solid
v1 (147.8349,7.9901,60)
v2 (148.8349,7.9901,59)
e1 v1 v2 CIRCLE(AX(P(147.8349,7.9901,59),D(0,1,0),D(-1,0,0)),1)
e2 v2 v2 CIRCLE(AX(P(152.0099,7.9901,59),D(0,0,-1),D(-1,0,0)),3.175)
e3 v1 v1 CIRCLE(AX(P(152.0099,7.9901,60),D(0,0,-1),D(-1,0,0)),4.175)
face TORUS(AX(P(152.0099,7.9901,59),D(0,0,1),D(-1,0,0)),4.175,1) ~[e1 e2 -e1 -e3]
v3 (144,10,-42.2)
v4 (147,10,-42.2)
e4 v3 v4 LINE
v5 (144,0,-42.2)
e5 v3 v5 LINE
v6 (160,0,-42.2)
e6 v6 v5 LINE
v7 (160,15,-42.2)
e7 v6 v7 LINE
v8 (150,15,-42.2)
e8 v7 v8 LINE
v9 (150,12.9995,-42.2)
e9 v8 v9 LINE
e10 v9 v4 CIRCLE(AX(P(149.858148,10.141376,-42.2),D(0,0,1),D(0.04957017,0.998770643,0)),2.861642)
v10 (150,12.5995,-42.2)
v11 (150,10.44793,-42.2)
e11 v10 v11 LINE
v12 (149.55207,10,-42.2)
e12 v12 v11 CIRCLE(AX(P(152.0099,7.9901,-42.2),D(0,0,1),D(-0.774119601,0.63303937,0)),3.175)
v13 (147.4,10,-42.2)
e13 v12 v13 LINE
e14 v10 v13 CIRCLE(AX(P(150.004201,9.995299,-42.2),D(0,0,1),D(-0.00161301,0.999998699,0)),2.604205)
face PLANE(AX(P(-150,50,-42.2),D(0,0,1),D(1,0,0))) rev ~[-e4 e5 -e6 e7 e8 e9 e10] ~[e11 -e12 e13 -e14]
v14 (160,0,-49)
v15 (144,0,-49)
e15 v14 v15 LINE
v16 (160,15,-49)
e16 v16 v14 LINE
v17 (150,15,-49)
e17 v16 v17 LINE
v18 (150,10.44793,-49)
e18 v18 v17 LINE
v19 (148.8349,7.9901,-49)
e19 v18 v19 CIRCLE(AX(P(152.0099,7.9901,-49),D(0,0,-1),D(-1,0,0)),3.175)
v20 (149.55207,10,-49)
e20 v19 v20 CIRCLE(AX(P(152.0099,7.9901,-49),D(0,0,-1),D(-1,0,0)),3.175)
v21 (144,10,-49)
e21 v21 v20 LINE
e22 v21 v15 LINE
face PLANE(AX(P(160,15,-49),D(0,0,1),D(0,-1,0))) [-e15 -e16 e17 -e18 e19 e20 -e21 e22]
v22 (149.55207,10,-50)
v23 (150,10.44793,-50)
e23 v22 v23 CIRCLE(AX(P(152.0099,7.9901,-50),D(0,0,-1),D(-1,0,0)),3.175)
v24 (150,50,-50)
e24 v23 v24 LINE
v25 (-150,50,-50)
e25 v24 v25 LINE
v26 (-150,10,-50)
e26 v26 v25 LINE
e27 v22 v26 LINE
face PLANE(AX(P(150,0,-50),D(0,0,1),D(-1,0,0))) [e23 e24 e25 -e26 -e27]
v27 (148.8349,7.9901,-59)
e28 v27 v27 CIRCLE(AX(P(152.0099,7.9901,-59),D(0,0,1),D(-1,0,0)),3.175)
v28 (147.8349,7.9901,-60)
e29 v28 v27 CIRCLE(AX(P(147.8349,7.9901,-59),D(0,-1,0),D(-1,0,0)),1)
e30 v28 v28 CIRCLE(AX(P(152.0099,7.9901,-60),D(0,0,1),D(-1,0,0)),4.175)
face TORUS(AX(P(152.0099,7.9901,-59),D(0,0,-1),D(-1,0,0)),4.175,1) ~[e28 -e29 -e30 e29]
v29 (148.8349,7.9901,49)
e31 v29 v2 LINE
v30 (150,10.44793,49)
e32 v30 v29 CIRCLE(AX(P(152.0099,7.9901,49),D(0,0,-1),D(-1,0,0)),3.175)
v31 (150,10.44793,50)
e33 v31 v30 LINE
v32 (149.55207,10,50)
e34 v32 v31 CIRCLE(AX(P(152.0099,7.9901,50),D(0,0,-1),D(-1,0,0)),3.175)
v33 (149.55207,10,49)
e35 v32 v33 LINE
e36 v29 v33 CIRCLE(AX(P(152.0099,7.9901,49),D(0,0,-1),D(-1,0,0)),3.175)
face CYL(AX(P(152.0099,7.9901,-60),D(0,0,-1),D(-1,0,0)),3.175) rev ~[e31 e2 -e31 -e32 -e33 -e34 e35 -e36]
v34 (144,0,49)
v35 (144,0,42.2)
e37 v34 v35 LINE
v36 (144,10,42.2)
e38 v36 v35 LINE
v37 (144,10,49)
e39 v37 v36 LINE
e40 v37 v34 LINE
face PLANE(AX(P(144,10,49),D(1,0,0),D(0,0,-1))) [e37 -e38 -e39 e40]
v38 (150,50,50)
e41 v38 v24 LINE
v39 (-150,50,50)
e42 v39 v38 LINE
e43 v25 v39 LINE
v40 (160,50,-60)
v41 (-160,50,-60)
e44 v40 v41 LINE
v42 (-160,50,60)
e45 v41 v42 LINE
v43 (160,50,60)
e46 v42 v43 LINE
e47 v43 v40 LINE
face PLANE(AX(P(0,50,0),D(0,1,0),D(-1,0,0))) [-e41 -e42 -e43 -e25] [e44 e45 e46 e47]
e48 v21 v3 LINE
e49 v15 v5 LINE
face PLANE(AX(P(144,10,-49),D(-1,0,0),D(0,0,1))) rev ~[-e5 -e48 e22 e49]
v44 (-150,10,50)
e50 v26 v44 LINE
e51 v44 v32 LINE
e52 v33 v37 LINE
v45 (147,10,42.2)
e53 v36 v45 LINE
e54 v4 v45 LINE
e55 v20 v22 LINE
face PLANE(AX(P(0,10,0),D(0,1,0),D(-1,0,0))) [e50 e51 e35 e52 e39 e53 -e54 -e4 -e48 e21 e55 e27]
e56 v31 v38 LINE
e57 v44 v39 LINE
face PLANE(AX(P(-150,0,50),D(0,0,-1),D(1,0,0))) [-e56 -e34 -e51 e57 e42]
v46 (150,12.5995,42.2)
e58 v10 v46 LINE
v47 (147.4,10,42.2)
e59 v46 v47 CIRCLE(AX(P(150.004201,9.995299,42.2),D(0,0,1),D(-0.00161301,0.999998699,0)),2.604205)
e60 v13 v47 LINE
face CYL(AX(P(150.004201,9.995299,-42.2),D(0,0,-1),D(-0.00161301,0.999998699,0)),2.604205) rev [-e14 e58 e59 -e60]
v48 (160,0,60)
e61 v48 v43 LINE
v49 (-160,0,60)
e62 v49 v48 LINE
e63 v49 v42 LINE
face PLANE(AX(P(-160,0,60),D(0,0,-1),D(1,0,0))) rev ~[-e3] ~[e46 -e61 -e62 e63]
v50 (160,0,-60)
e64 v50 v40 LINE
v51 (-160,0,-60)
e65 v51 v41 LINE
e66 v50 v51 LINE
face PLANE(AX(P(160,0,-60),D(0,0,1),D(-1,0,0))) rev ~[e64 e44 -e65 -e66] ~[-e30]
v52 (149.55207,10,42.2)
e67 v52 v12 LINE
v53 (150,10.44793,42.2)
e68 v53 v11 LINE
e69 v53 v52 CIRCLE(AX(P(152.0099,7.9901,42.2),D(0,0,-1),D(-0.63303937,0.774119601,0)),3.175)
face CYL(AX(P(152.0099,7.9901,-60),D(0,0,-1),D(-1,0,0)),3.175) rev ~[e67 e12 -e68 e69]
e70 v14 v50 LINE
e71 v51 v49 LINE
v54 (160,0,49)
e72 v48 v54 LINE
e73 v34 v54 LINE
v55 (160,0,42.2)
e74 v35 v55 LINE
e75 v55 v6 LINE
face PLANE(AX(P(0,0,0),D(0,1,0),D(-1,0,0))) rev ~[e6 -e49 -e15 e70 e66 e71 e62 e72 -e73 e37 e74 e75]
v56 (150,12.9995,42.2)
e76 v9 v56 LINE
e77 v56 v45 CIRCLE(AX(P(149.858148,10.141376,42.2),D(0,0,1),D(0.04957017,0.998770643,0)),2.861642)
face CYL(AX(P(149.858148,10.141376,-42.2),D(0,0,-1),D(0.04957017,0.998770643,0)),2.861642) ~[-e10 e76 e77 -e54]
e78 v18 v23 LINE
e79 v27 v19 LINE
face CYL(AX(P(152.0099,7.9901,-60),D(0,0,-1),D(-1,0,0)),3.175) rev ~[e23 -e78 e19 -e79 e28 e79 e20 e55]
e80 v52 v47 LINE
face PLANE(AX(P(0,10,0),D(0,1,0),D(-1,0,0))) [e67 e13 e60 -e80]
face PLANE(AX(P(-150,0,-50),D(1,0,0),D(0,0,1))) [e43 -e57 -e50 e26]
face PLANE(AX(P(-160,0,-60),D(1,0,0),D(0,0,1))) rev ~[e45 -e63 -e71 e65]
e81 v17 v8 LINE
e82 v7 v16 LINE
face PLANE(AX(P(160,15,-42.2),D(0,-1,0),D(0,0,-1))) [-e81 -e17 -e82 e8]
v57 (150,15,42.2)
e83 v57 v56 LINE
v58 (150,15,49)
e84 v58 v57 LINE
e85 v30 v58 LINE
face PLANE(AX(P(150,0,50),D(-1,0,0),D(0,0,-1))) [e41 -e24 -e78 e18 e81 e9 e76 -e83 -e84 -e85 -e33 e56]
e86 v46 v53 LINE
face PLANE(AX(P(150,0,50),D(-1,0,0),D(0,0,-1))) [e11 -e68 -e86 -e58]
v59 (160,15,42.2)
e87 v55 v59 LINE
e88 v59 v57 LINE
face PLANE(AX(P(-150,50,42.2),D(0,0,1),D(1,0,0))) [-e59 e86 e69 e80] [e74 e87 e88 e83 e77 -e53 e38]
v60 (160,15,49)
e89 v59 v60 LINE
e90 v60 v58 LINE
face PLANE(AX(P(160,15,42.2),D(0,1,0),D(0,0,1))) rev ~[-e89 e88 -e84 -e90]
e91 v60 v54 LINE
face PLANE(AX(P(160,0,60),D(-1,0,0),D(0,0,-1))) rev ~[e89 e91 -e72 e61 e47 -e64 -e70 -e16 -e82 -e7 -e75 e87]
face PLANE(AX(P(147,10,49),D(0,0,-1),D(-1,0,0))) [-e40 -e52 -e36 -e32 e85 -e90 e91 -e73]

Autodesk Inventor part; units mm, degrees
ref_plane "YZ Plane" through (0, 0, 0) normal (1, 0, 0) x (0, 1, 0)
ref_plane "XZ Plane" through (0, 0, 0) normal (0, 1, 0) x (-1, 0, 0)
sketch "Sketch1" plane through (0, 0, 0) normal (0, 1, 0) x (-1, 0, 0)
  line L0 (150, 50) -> (-150, 50)
  line L1 (-150, 50) -> (-150, -50)
  line L2 (-150, -50) -> (150, -50)
  line L3 (150, -50) -> (150, 50)
  line L4 (150, 50) -> (-150, -50) construction
  line L5 (-150, 50) -> (150, -50) construction
  line L6 (160, 60) -> (-160, 60)
  line L7 (-160, 60) -> (-160, -60)
  line L8 (-160, -60) -> (160, -60)
  line L9 (160, -60) -> (160, 60)
  point P0 (0, 0)
  dimension "d0" = 100
  dimension "d1" = 300
  dimension "d2" = 10
extrude "Extrusion1" add sketch "Sketch1" along normal blind 10 contours L3 L2 L1 L0
extrude "Extrusion2" add sketch "Sketch1" along normal blind 50
sketch "Sketch2" plane through (160, 0, -60) normal (0, 0, -1) x (-1, 0, 0)
  line L0 (0, 0) -> (0, 50) projected
  line L1 (0, 0) -> (0, 3.5)
  line L2 (0, 3.5) -> (3.5, 3.5)
  line L3 (3.5, 3.5) -> (7.9901, 7.9901)
  circle A0 centre (7.9901, 7.9901) radius 3.175
  point P0 (160, 0)
  dimension "d7" = 3.5
  dimension "d8" = 3.5
  dimension "d9" = 6.35
  dimension "d10" = 135
  dimension "d11" = 6.35
extrude "Extrusion3" cut sketch "Sketch2" against normal blind 150
fillet "Fillet1" radius 1 2 edges at (155.1849, 7.9901, -60) (155.1849, 7.9901, 60)
sketch "Sketch3" plane through (160, 0, 60) normal (1, 0, 0) x (0, 0, -1)
  line L0 (0, 0) -> (0, 50) projected
  line L1 (0, 0) -> (11, 0)
  line L2 (120, 0) -> (0, 0) projected
  line L3 (11, 0) -> (17.8, 0)
  line L4 (17.8, 0) -> (17.8, 15)
  line L5 (17.8, 15) -> (11, 15)
  line L6 (11, 15) -> (11, 0)
  line L7 (120, 0) -> (120, 50) projected
  line L8 (120, 0) -> (109, 0)
  line L9 (109, 0) -> (102.2, 0)
  line L10 (102.2, 0) -> (102.2, 15)
  line L11 (102.2, 15) -> (109, 15)
  line L12 (109, 15) -> (109, 0)
  point P0 (60, 0)
  point P1 (17.8, 0)
  dimension "d15" = 11
  dimension "d16" = 6.8
  dimension "d17" = 15
  dimension "d18" = 11
  dimension "d19" = 6.8
extrude "Extrusion4" cut sketch "Sketch3" against normal blind 13
ref_plane "Work Plane1" through (-150, 50, -42.2) normal (0, 0, 1) x (1, 0, 0)
sketch "Sketch4" plane through (-150, 50, -42.2) normal (0, 0, 1) x (1, 0, 0)
  circle A0 centre (302.0099, -42.0099) radius 4.175 projected
  line L0 (300, -38.3505) -> (300, -37.0005)
  line L1 (300, -39.552) -> (300, 0) projected
  line L2 (297, -50) -> (297, -40) projected
  arc A1 (300, -37.0005) -> (297, -40) centre (299.8581, -39.8585) ccw
  line L3 (297, -40) -> (297.4, -40)
  line L4 (299.552, -40) -> (0, -40) projected
  line L5 (300, -37.0005) -> (300, -37.4005)
  arc A2 (300, -37.4005) -> (297.4, -40) centre (300.0042, -40.0047) ccw
  point P0 (150, -50)
  dimension "d23" = 1.35
  dimension "d24" = 0.4
  dimension "d25" = 0.4
extrude "Extrusion5" add sketch "Sketch4" along normal blind 84.4 contours A2 L3 A1 L0
sketch "Sketch5" plane through (0, 10, 0) normal (0, 1, 0) x (1, 0, 0)
  line L0 (147, 49) -> (147, 42.2) projected
  line L1 (147, 49) -> (144, 49)
  line L2 (144, 49) -> (144, 42.2)
  line L3 (144, 42.2) -> (147, 42.2)
  line L4 (147, 42.2) -> (147, 49)
  point P0 (0, 0)
  dimension "d28" = 3
extrude "Extrusion6" cut sketch "Sketch5" against normal blind 84.4
sketch "Sketch6" plane through (0, 10, 0) normal (0, 1, 0) x (1, 0, 0)
  line L0 (147, -49) -> (147, -42.2) projected
  line L1 (147, -49) -> (144, -49)
  line L2 (144, -49) -> (144, -42.2)
  line L3 (144, -42.2) -> (147, -42.2)
  line L4 (147, -42.2) -> (147, -49)
  point P0 (0, 0)
  dimension "d31" = 3
extrude "Extrusion7" cut sketch "Sketch6" against normal blind 84.4
properties part number "GiveBox"
